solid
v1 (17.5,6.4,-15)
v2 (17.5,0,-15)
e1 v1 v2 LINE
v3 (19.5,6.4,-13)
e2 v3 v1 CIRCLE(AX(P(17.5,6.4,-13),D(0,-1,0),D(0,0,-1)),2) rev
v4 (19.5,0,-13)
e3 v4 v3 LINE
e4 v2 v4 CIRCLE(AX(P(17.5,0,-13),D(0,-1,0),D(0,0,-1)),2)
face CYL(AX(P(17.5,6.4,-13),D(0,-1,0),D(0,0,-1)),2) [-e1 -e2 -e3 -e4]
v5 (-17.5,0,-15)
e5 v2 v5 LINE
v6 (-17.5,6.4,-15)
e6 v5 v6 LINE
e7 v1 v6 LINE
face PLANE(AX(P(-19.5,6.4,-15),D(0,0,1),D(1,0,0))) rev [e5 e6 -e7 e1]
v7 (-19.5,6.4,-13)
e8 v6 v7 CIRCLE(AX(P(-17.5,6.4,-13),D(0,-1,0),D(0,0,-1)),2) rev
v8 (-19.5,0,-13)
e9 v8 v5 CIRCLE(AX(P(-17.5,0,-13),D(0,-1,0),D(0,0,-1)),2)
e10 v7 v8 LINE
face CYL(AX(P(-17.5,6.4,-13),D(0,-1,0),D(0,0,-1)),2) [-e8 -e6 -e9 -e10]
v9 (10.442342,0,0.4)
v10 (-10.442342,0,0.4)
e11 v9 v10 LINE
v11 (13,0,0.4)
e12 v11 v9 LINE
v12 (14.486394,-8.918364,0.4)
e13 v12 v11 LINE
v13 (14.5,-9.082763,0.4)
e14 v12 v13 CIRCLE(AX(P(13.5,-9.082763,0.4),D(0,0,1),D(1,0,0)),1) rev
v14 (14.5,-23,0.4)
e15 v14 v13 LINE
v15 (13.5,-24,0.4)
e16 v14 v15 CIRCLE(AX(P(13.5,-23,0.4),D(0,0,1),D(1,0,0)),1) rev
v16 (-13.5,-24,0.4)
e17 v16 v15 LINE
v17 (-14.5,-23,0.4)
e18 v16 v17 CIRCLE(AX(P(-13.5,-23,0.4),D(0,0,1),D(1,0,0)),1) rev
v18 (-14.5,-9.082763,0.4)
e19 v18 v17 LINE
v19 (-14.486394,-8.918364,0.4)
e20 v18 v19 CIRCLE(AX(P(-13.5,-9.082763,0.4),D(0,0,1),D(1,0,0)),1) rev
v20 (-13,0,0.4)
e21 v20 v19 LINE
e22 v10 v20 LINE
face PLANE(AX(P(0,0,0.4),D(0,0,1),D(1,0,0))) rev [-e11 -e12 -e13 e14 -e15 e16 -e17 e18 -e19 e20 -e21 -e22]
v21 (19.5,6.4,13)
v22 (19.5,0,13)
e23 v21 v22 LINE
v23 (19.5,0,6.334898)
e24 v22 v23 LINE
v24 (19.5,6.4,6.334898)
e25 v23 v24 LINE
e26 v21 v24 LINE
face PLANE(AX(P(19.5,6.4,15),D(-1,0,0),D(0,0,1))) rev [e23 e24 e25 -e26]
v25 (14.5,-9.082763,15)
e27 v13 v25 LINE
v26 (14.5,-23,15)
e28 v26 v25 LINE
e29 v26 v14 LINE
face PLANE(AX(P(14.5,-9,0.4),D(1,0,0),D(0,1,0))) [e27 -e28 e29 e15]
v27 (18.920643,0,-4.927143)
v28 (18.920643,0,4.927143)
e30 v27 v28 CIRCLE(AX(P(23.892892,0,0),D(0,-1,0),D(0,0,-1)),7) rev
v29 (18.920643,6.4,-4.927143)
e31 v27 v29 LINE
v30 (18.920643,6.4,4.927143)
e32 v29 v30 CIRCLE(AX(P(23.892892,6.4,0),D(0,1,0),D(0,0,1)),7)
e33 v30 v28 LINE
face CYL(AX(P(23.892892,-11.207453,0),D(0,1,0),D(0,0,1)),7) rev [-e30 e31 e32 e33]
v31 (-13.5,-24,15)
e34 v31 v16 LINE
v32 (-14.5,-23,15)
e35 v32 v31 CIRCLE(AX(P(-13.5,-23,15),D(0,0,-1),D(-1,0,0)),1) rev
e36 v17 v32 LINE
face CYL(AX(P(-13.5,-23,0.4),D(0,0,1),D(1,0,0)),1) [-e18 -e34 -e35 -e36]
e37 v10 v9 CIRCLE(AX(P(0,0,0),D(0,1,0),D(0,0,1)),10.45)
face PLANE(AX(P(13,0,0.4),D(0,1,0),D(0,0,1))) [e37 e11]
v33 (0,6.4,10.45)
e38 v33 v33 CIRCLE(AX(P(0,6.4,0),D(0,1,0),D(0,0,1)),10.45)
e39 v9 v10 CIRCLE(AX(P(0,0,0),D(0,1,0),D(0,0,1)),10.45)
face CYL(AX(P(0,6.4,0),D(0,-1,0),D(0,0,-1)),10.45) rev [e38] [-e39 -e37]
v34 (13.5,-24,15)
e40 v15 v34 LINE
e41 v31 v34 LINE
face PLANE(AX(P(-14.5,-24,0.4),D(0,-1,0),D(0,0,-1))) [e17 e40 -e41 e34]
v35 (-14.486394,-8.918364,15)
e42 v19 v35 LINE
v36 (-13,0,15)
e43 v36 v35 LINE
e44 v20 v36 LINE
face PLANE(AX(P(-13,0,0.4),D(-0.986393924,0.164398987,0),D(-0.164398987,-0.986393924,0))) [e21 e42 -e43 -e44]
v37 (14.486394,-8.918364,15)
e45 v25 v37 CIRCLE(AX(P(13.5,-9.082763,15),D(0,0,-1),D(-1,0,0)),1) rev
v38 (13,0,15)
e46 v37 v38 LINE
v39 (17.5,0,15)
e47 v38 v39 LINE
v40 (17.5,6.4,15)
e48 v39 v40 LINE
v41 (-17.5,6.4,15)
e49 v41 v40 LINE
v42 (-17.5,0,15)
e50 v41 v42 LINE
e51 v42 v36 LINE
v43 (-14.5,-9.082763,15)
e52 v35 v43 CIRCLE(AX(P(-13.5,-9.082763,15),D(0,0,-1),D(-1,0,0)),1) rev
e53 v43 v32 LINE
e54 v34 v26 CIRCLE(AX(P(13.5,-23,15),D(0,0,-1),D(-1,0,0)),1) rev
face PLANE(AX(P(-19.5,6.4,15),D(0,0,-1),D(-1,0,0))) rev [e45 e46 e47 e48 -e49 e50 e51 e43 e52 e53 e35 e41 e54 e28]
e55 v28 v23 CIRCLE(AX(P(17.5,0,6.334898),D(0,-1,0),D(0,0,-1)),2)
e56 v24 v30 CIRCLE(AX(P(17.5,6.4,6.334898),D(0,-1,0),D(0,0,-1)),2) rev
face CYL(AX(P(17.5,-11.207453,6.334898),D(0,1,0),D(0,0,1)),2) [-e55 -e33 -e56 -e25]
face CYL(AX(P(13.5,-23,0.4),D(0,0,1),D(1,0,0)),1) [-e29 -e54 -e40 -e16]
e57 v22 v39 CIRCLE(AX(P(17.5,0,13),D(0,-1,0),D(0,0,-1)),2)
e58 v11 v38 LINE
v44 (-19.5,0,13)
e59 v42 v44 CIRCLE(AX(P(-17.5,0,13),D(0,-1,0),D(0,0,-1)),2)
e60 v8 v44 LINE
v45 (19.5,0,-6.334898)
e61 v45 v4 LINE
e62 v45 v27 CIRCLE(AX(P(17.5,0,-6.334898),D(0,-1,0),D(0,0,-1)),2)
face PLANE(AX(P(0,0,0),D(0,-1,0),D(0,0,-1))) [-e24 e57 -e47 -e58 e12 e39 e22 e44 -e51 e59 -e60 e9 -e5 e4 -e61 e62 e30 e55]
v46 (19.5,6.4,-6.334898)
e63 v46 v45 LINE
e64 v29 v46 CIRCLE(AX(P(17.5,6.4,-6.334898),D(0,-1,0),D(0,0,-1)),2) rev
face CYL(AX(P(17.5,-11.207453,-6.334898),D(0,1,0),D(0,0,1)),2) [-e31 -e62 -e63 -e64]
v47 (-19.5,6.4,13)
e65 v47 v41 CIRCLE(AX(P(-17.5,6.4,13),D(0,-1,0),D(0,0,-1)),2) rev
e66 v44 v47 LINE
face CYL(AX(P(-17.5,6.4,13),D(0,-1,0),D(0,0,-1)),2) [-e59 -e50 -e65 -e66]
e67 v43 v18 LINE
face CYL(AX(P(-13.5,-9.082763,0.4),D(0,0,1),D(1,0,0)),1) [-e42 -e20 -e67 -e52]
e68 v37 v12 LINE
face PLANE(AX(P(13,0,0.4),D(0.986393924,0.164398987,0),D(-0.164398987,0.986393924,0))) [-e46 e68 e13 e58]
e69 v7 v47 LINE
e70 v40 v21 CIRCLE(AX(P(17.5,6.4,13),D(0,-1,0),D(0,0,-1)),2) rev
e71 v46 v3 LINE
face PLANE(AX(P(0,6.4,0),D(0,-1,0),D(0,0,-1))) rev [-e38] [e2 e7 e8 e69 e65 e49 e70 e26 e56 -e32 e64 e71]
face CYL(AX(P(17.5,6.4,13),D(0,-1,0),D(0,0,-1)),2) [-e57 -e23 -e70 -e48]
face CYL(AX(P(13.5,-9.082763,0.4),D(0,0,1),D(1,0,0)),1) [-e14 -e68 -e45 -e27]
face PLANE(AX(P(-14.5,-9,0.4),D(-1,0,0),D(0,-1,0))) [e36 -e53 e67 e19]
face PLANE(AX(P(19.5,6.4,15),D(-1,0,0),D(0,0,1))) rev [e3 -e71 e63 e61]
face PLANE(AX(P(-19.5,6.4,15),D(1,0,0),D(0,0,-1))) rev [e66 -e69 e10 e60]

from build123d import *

# Parameters (mm, degrees)
SKETCH1_W           = 39
SKETCH1_H           = 30
SKETCH1_R           = 10.45
BOSS_EXTRUDE1_DEPTH = 6.4
BOSS_EXTRUDE2_DEPTH = 14.6
CUT_EXTRUDE1_DEPTH  = 6.4
FILLET1_R           = 2
FILLET2_R           = 1


with BuildPart() as part:
    # Sketch1 → Boss-Extrude1 (new body)
    with BuildSketch(Plane(origin=(0, 0, 0), x_dir=(1, 0, 0), z_dir=(0, 1, 0))):
        Rectangle(SKETCH1_W, SKETCH1_H)
        with Locations(Location((0, 0, 0), (0, 0, 270))):
            Circle(SKETCH1_R, mode=Mode.SUBTRACT)
    extrude(amount=BOSS_EXTRUDE1_DEPTH)

    # Sketch2 → Boss-Extrude2 (add)
    with BuildSketch(Plane.XY.offset(15)):
        Polygon((-13, 0), (-14.5, -9), (-14.5, -24), (14.5, -24), (14.5, -9), (13, 0), align=None)
    extrude(amount=-BOSS_EXTRUDE2_DEPTH)

    # Sketch3 → Cut-Extrude1 (cut)
    with BuildSketch(Plane(origin=(0, 6.4, 0), x_dir=(1, 0, 0), z_dir=(0, 1, 0))):
        with BuildLine():
            Line((19.5, 5.45), (19.5, -5.45))
            ThreePointArc((19.5, -5.45), (16.892891986, 0), (19.5, 5.45))
        make_face()
    extrude(amount=-CUT_EXTRUDE1_DEPTH, mode=Mode.SUBTRACT)

    # Fillet1
    fillet1_edges = [part.edges().sort_by_distance(p)[0] for p in [
        (19.5, 3.2, -5.45),
        (19.5, 3.2, 5.45),
        (19.5, 3.2, 15),
        (-19.5, 3.2, 15),
        (-19.5, 3.2, -15),
        (19.5, 3.2, -15),
    ]]
    fillet(fillet1_edges, radius=FILLET1_R)

    # Fillet2
    fillet2_edges = [part.edges().sort_by_distance(p)[0] for p in [
        (14.5, -9, 7.7),
        (14.5, -24, 7.7),
        (-14.5, -24, 7.7),
        (-14.5, -9, 7.7),
    ]]
    fillet(fillet2_edges, radius=FILLET2_R)


solid = part.part
